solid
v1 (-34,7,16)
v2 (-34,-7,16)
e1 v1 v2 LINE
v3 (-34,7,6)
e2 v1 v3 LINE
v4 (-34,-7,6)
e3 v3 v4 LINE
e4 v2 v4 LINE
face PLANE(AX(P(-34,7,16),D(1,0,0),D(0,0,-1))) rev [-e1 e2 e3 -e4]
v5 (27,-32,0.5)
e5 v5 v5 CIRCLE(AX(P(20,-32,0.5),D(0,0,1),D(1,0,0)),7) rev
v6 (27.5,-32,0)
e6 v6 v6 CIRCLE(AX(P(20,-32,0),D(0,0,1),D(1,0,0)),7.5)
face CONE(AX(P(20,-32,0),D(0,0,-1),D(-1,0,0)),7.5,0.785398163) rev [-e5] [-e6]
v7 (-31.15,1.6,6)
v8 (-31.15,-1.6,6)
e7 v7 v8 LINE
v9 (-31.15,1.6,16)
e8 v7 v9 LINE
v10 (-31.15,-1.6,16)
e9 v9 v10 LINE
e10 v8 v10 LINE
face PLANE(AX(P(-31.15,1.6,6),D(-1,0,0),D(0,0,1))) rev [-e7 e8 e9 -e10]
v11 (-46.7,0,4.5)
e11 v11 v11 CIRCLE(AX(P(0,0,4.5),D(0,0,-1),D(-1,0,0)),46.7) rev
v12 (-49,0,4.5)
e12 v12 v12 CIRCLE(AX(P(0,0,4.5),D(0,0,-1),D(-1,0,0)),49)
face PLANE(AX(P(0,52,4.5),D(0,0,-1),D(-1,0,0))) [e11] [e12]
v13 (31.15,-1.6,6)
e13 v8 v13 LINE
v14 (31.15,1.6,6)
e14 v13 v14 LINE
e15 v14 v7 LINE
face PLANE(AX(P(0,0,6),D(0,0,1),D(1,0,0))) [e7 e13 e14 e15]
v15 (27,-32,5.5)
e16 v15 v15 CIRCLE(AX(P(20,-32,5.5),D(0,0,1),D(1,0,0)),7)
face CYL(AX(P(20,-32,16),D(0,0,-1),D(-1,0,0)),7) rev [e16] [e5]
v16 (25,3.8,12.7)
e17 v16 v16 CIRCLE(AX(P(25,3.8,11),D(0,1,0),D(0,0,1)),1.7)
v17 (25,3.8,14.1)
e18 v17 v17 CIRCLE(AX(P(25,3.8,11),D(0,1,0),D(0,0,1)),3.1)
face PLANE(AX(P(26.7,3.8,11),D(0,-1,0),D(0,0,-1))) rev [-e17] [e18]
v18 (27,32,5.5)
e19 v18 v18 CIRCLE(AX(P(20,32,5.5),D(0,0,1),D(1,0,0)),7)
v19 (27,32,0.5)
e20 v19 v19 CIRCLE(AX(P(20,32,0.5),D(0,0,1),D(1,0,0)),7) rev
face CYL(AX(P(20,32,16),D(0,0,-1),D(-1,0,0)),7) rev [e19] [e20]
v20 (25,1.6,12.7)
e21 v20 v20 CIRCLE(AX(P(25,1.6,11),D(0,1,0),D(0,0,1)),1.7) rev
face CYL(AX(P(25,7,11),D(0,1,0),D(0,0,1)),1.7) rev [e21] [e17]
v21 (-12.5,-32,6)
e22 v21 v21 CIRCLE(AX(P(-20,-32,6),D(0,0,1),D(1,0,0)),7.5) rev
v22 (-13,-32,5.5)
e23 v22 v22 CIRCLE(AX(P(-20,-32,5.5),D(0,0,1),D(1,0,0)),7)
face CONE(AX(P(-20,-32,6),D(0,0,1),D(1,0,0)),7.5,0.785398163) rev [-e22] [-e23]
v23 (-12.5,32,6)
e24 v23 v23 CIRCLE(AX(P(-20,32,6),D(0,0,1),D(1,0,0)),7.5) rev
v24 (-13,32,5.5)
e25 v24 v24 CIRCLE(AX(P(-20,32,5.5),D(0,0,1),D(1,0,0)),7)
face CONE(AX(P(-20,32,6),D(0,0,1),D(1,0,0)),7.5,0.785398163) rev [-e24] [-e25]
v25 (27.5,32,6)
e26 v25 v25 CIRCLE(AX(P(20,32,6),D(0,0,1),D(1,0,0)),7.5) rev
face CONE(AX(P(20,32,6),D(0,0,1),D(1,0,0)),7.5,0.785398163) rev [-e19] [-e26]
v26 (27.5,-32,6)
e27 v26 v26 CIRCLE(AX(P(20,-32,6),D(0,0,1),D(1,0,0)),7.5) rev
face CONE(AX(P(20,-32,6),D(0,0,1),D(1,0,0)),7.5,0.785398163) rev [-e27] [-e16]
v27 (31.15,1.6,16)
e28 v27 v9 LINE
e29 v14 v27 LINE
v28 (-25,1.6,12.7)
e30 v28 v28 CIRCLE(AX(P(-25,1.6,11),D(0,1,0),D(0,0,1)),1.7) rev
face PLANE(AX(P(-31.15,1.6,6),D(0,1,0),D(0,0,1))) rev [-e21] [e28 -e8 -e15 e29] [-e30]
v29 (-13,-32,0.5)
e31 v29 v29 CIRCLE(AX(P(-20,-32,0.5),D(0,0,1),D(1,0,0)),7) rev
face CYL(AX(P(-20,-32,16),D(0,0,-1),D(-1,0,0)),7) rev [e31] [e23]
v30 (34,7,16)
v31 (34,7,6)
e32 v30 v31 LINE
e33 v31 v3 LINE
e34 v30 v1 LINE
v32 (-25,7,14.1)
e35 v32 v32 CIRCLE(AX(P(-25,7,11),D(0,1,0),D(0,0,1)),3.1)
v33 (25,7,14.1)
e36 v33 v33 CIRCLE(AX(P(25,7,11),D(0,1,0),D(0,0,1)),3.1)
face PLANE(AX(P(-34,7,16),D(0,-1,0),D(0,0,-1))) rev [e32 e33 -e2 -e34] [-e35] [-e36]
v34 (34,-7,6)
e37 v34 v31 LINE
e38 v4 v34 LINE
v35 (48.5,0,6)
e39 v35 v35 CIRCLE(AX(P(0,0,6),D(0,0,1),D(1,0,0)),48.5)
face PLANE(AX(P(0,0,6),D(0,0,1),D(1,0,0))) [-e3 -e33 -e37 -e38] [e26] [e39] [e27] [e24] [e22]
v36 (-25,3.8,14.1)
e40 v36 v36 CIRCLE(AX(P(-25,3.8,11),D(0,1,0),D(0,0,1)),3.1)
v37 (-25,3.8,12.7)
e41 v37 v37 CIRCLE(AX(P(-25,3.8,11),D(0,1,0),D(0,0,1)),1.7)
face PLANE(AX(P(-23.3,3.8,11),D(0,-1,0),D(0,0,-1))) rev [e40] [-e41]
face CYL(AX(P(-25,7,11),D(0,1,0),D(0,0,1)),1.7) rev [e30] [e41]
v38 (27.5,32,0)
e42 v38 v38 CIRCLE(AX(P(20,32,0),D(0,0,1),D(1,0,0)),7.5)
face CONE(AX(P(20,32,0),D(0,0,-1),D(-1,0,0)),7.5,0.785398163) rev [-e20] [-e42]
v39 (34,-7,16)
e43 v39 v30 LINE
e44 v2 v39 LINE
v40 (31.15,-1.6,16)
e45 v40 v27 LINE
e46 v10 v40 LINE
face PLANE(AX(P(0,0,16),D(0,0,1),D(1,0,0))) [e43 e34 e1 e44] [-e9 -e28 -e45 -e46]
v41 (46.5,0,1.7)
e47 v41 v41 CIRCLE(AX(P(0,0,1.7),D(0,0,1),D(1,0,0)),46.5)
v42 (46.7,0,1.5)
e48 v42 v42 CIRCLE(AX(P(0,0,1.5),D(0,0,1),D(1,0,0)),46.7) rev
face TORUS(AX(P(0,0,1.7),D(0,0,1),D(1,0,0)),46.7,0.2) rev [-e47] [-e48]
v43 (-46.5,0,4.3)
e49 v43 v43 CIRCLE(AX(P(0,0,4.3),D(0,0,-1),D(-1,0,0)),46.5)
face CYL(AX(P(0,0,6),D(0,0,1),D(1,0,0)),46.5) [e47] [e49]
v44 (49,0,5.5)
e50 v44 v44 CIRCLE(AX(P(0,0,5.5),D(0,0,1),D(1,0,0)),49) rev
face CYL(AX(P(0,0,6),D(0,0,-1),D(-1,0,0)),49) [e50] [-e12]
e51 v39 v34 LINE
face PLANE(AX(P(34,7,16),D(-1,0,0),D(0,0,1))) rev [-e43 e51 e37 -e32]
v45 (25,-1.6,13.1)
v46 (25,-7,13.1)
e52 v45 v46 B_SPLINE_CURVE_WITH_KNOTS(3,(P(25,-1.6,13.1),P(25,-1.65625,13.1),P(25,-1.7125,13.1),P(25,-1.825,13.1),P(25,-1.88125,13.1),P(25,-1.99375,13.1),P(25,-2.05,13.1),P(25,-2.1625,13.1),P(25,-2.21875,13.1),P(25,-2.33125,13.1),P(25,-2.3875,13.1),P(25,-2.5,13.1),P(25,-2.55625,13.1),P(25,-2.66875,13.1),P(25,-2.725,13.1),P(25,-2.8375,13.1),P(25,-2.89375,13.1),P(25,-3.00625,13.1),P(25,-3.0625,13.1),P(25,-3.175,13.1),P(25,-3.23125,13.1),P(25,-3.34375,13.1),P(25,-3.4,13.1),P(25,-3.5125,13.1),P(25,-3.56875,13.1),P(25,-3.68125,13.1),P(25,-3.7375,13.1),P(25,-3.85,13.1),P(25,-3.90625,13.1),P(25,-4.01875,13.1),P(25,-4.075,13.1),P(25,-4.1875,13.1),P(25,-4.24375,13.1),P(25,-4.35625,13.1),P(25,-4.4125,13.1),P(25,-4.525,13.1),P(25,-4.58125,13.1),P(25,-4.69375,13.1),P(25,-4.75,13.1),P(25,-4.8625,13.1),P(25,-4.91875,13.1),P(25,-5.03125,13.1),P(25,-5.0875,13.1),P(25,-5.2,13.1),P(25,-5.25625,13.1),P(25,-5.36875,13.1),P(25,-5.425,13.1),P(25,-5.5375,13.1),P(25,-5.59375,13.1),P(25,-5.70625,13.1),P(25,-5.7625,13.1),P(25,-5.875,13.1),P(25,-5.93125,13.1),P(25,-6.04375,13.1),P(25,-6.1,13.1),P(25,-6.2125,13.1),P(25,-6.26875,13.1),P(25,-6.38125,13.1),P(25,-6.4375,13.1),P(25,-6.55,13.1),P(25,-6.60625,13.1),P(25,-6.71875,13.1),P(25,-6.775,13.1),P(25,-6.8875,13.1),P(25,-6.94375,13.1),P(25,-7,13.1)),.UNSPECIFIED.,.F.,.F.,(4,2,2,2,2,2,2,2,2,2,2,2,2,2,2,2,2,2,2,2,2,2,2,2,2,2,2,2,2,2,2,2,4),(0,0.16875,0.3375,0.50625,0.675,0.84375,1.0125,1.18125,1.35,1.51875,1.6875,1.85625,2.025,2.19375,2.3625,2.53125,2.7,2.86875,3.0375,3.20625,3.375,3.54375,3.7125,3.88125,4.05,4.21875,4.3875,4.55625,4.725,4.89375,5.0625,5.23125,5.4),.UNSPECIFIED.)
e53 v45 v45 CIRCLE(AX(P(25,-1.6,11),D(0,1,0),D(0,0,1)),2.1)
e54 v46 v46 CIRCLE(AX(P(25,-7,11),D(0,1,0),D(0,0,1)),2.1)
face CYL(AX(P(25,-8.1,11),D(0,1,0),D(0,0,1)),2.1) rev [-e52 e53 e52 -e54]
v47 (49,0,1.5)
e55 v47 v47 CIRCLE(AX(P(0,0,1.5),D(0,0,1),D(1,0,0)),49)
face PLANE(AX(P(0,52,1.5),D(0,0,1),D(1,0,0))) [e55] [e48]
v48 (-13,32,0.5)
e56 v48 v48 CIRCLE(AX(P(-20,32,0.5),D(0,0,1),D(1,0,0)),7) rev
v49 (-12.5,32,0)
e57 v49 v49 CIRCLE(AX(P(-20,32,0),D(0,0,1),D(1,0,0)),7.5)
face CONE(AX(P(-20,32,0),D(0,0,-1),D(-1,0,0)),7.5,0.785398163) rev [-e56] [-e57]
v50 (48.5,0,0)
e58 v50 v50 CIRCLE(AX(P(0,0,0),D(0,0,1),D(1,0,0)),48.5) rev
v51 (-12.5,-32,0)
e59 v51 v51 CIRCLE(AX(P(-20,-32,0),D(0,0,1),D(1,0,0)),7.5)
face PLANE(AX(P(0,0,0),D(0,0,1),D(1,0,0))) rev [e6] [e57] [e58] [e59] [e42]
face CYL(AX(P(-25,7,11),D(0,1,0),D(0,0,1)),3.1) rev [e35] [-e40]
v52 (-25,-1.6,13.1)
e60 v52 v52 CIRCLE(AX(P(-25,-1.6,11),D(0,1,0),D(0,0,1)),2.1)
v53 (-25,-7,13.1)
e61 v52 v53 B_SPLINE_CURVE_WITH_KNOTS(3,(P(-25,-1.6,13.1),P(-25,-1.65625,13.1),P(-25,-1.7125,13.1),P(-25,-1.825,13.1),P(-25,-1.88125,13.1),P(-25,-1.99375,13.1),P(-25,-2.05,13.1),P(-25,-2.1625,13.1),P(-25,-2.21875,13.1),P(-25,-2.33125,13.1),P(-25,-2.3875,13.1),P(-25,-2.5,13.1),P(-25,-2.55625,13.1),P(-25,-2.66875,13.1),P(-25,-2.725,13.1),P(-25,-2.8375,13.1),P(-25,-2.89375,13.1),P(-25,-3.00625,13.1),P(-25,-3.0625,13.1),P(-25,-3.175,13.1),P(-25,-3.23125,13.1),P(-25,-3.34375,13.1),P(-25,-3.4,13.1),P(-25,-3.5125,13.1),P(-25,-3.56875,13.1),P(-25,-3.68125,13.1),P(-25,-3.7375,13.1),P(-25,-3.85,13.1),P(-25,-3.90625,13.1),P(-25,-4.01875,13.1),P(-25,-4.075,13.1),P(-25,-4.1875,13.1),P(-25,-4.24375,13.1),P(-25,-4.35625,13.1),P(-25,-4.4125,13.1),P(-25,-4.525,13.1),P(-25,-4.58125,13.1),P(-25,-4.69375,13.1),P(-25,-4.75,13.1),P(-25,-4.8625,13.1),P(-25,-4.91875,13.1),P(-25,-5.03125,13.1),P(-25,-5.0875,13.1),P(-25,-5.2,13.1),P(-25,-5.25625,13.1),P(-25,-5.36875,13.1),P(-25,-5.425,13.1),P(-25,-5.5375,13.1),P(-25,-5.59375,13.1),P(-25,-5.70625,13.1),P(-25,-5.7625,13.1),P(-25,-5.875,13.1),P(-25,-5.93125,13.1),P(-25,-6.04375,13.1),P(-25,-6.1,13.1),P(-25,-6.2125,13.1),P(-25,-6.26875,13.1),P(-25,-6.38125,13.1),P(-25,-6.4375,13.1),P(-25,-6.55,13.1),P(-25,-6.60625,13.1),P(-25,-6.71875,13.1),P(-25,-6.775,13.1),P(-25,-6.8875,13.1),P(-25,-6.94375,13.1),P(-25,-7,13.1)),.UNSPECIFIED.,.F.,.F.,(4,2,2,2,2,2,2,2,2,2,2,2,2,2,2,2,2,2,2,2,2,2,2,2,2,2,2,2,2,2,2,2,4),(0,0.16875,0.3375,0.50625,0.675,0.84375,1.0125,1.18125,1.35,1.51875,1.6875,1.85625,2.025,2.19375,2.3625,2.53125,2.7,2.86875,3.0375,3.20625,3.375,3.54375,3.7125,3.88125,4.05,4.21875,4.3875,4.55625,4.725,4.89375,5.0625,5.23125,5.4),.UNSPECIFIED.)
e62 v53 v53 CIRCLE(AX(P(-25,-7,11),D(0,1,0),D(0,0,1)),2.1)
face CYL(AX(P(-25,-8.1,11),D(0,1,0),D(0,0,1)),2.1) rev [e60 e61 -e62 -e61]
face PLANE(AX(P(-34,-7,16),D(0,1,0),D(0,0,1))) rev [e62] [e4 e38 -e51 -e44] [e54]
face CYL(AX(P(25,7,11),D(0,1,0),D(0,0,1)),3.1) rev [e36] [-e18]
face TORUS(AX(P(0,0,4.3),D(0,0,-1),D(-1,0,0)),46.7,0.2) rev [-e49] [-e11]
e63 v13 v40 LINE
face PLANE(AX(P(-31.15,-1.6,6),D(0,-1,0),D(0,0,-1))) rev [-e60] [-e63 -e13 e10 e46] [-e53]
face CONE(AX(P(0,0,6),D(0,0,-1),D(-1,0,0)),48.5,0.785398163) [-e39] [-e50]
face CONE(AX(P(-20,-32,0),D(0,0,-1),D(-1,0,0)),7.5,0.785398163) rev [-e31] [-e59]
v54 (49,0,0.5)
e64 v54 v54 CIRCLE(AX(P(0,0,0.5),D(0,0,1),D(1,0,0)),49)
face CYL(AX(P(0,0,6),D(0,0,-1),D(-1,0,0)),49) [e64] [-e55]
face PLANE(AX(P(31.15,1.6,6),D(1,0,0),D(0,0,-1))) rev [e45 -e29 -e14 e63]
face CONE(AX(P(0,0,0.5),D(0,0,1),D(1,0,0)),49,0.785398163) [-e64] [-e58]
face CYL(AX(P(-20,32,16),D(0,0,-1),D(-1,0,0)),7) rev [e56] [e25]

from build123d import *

# Parameters (mm, degrees)
SKETCH1_R                               = 49
DISC_PLATE_DEPTH                        = 6
SKETCH2_W                               = 68
SKETCH2_H                               = 14
BOSS_DEPTH                              = 10
SKETCH3_W                               = 62.3
SKETCH3_H                               = 3.2
SPINE_SLOT_DEPTH                        = 10
SKETCH4_W                               = 3
SKETCH4_H                               = 5.5
FILLET1_R                               = 0.2
CBORE_FOR_M5_HEX_HEAD_BOLT1_D           = 3.4
CBORE_FOR_M5_HEX_HEAD_BOLT1_DEPTH       = 5.4
CBORE_FOR_M5_HEX_HEAD_BOLT1_CBORE_D     = 6.2
CBORE_FOR_M5_HEX_HEAD_BOLT1_CBORE_DEPTH = 3.2
CBORE_FOR_M5_HEX_HEAD_BOLT1_TIP         = 1.021463052
SKETCH9_R                               = 2.1
INSERT_HOLES_DEPTH                      = 6.5
SKETCH10_R                              = 7
CABLE_HOLES_DEPTH                       = 72.119617547
CHAMFER1_SIZE                           = 0.5


with BuildPart() as part:
    # Sketch1 → Disc_Plate (new body)
    with BuildSketch(Plane.XY):
        Circle(SKETCH1_R)
    extrude(amount=DISC_PLATE_DEPTH)

    # Sketch2 → Boss (add)
    with BuildSketch(Plane.XY.offset(6)):
        Rectangle(SKETCH2_W, SKETCH2_H)
    extrude(amount=BOSS_DEPTH)

    # Sketch3 → Spine Slot (cut)
    with BuildSketch(Plane.XY.offset(16)):
        Rectangle(SKETCH3_W, SKETCH3_H)
    extrude(amount=-SPINE_SLOT_DEPTH, mode=Mode.SUBTRACT)

    # Sketch4 → Friction_Groove (revolve, cut)
    with BuildSketch(Plane(origin=(0, 0, 0), x_dir=(0, 0, -1), z_dir=(1, 0, 0))):
        with Locations((-3, 49.25)):
            Rectangle(SKETCH4_W, SKETCH4_H)
    revolve(axis=Axis((0, 0, 6), (0, 0, -1)), mode=Mode.SUBTRACT)

    # Fillet1
    fillet1_edges = [part.edges().sort_by_distance(p)[0] for p in [
        (0, -46.5, 1.5),
        (0, -46.5, 4.5),
    ]]
    fillet(fillet1_edges, radius=FILLET1_R)

    # CBORE for M5 Hex Head Bolt1
    with Locations(Plane(origin=(0, 7, 0), x_dir=(1, 0, 0), z_dir=(0, 1, 0))):
        with Locations((-25, -11), (25, -11), (11.381423857, 19.171145686)):
            CounterBoreHole(CBORE_FOR_M5_HEX_HEAD_BOLT1_D / 2, CBORE_FOR_M5_HEX_HEAD_BOLT1_CBORE_D / 2, CBORE_FOR_M5_HEX_HEAD_BOLT1_CBORE_DEPTH, depth=CBORE_FOR_M5_HEX_HEAD_BOLT1_DEPTH)
            with Locations((0, 0, -(CBORE_FOR_M5_HEX_HEAD_BOLT1_DEPTH + CBORE_FOR_M5_HEX_HEAD_BOLT1_TIP / 2))):  # 118° drill point
                Cone(0, CBORE_FOR_M5_HEX_HEAD_BOLT1_D / 2, CBORE_FOR_M5_HEX_HEAD_BOLT1_TIP, mode=Mode.SUBTRACT)

    # Sketch9 → Insert_Holes (cut)
    with BuildSketch(Plane(origin=(0, -1.6, 0), x_dir=(1, 0, 0), z_dir=(0, 1, 0))):
        with Locations((-25, -11)):
            Circle(SKETCH9_R)
        with Locations((25, -11)):
            Circle(SKETCH9_R)
    extrude(amount=-INSERT_HOLES_DEPTH, mode=Mode.SUBTRACT)

    # Sketch10 → Cable_Holes (cut, through all)
    with BuildSketch(Plane.XY):
        with Locations((20, 32)):
            Circle(SKETCH10_R)
        with Locations((20, -32)):
            Circle(SKETCH10_R)
        with Locations((-20, -32)):
            Circle(SKETCH10_R)
        with Locations((-20, 32)):
            Circle(SKETCH10_R)
    extrude(amount=CABLE_HOLES_DEPTH, mode=Mode.SUBTRACT)

    # Chamfer1
    chamfer1_edges = [part.edges().sort_by_distance(p)[0] for p in [
        (13, -32, 6),
        (13, -32, 0),
        (-27, -32, 0),
        (-27, -32, 6),
        (-27, 32, 0),
        (-27, 32, 6),
        (13, 32, 0),
        (13, 32, 6),
        (-49, 0, 0),
        (-49, 0, 6),
    ]]
    chamfer(chamfer1_edges, length=CHAMFER1_SIZE)


solid = part.part
